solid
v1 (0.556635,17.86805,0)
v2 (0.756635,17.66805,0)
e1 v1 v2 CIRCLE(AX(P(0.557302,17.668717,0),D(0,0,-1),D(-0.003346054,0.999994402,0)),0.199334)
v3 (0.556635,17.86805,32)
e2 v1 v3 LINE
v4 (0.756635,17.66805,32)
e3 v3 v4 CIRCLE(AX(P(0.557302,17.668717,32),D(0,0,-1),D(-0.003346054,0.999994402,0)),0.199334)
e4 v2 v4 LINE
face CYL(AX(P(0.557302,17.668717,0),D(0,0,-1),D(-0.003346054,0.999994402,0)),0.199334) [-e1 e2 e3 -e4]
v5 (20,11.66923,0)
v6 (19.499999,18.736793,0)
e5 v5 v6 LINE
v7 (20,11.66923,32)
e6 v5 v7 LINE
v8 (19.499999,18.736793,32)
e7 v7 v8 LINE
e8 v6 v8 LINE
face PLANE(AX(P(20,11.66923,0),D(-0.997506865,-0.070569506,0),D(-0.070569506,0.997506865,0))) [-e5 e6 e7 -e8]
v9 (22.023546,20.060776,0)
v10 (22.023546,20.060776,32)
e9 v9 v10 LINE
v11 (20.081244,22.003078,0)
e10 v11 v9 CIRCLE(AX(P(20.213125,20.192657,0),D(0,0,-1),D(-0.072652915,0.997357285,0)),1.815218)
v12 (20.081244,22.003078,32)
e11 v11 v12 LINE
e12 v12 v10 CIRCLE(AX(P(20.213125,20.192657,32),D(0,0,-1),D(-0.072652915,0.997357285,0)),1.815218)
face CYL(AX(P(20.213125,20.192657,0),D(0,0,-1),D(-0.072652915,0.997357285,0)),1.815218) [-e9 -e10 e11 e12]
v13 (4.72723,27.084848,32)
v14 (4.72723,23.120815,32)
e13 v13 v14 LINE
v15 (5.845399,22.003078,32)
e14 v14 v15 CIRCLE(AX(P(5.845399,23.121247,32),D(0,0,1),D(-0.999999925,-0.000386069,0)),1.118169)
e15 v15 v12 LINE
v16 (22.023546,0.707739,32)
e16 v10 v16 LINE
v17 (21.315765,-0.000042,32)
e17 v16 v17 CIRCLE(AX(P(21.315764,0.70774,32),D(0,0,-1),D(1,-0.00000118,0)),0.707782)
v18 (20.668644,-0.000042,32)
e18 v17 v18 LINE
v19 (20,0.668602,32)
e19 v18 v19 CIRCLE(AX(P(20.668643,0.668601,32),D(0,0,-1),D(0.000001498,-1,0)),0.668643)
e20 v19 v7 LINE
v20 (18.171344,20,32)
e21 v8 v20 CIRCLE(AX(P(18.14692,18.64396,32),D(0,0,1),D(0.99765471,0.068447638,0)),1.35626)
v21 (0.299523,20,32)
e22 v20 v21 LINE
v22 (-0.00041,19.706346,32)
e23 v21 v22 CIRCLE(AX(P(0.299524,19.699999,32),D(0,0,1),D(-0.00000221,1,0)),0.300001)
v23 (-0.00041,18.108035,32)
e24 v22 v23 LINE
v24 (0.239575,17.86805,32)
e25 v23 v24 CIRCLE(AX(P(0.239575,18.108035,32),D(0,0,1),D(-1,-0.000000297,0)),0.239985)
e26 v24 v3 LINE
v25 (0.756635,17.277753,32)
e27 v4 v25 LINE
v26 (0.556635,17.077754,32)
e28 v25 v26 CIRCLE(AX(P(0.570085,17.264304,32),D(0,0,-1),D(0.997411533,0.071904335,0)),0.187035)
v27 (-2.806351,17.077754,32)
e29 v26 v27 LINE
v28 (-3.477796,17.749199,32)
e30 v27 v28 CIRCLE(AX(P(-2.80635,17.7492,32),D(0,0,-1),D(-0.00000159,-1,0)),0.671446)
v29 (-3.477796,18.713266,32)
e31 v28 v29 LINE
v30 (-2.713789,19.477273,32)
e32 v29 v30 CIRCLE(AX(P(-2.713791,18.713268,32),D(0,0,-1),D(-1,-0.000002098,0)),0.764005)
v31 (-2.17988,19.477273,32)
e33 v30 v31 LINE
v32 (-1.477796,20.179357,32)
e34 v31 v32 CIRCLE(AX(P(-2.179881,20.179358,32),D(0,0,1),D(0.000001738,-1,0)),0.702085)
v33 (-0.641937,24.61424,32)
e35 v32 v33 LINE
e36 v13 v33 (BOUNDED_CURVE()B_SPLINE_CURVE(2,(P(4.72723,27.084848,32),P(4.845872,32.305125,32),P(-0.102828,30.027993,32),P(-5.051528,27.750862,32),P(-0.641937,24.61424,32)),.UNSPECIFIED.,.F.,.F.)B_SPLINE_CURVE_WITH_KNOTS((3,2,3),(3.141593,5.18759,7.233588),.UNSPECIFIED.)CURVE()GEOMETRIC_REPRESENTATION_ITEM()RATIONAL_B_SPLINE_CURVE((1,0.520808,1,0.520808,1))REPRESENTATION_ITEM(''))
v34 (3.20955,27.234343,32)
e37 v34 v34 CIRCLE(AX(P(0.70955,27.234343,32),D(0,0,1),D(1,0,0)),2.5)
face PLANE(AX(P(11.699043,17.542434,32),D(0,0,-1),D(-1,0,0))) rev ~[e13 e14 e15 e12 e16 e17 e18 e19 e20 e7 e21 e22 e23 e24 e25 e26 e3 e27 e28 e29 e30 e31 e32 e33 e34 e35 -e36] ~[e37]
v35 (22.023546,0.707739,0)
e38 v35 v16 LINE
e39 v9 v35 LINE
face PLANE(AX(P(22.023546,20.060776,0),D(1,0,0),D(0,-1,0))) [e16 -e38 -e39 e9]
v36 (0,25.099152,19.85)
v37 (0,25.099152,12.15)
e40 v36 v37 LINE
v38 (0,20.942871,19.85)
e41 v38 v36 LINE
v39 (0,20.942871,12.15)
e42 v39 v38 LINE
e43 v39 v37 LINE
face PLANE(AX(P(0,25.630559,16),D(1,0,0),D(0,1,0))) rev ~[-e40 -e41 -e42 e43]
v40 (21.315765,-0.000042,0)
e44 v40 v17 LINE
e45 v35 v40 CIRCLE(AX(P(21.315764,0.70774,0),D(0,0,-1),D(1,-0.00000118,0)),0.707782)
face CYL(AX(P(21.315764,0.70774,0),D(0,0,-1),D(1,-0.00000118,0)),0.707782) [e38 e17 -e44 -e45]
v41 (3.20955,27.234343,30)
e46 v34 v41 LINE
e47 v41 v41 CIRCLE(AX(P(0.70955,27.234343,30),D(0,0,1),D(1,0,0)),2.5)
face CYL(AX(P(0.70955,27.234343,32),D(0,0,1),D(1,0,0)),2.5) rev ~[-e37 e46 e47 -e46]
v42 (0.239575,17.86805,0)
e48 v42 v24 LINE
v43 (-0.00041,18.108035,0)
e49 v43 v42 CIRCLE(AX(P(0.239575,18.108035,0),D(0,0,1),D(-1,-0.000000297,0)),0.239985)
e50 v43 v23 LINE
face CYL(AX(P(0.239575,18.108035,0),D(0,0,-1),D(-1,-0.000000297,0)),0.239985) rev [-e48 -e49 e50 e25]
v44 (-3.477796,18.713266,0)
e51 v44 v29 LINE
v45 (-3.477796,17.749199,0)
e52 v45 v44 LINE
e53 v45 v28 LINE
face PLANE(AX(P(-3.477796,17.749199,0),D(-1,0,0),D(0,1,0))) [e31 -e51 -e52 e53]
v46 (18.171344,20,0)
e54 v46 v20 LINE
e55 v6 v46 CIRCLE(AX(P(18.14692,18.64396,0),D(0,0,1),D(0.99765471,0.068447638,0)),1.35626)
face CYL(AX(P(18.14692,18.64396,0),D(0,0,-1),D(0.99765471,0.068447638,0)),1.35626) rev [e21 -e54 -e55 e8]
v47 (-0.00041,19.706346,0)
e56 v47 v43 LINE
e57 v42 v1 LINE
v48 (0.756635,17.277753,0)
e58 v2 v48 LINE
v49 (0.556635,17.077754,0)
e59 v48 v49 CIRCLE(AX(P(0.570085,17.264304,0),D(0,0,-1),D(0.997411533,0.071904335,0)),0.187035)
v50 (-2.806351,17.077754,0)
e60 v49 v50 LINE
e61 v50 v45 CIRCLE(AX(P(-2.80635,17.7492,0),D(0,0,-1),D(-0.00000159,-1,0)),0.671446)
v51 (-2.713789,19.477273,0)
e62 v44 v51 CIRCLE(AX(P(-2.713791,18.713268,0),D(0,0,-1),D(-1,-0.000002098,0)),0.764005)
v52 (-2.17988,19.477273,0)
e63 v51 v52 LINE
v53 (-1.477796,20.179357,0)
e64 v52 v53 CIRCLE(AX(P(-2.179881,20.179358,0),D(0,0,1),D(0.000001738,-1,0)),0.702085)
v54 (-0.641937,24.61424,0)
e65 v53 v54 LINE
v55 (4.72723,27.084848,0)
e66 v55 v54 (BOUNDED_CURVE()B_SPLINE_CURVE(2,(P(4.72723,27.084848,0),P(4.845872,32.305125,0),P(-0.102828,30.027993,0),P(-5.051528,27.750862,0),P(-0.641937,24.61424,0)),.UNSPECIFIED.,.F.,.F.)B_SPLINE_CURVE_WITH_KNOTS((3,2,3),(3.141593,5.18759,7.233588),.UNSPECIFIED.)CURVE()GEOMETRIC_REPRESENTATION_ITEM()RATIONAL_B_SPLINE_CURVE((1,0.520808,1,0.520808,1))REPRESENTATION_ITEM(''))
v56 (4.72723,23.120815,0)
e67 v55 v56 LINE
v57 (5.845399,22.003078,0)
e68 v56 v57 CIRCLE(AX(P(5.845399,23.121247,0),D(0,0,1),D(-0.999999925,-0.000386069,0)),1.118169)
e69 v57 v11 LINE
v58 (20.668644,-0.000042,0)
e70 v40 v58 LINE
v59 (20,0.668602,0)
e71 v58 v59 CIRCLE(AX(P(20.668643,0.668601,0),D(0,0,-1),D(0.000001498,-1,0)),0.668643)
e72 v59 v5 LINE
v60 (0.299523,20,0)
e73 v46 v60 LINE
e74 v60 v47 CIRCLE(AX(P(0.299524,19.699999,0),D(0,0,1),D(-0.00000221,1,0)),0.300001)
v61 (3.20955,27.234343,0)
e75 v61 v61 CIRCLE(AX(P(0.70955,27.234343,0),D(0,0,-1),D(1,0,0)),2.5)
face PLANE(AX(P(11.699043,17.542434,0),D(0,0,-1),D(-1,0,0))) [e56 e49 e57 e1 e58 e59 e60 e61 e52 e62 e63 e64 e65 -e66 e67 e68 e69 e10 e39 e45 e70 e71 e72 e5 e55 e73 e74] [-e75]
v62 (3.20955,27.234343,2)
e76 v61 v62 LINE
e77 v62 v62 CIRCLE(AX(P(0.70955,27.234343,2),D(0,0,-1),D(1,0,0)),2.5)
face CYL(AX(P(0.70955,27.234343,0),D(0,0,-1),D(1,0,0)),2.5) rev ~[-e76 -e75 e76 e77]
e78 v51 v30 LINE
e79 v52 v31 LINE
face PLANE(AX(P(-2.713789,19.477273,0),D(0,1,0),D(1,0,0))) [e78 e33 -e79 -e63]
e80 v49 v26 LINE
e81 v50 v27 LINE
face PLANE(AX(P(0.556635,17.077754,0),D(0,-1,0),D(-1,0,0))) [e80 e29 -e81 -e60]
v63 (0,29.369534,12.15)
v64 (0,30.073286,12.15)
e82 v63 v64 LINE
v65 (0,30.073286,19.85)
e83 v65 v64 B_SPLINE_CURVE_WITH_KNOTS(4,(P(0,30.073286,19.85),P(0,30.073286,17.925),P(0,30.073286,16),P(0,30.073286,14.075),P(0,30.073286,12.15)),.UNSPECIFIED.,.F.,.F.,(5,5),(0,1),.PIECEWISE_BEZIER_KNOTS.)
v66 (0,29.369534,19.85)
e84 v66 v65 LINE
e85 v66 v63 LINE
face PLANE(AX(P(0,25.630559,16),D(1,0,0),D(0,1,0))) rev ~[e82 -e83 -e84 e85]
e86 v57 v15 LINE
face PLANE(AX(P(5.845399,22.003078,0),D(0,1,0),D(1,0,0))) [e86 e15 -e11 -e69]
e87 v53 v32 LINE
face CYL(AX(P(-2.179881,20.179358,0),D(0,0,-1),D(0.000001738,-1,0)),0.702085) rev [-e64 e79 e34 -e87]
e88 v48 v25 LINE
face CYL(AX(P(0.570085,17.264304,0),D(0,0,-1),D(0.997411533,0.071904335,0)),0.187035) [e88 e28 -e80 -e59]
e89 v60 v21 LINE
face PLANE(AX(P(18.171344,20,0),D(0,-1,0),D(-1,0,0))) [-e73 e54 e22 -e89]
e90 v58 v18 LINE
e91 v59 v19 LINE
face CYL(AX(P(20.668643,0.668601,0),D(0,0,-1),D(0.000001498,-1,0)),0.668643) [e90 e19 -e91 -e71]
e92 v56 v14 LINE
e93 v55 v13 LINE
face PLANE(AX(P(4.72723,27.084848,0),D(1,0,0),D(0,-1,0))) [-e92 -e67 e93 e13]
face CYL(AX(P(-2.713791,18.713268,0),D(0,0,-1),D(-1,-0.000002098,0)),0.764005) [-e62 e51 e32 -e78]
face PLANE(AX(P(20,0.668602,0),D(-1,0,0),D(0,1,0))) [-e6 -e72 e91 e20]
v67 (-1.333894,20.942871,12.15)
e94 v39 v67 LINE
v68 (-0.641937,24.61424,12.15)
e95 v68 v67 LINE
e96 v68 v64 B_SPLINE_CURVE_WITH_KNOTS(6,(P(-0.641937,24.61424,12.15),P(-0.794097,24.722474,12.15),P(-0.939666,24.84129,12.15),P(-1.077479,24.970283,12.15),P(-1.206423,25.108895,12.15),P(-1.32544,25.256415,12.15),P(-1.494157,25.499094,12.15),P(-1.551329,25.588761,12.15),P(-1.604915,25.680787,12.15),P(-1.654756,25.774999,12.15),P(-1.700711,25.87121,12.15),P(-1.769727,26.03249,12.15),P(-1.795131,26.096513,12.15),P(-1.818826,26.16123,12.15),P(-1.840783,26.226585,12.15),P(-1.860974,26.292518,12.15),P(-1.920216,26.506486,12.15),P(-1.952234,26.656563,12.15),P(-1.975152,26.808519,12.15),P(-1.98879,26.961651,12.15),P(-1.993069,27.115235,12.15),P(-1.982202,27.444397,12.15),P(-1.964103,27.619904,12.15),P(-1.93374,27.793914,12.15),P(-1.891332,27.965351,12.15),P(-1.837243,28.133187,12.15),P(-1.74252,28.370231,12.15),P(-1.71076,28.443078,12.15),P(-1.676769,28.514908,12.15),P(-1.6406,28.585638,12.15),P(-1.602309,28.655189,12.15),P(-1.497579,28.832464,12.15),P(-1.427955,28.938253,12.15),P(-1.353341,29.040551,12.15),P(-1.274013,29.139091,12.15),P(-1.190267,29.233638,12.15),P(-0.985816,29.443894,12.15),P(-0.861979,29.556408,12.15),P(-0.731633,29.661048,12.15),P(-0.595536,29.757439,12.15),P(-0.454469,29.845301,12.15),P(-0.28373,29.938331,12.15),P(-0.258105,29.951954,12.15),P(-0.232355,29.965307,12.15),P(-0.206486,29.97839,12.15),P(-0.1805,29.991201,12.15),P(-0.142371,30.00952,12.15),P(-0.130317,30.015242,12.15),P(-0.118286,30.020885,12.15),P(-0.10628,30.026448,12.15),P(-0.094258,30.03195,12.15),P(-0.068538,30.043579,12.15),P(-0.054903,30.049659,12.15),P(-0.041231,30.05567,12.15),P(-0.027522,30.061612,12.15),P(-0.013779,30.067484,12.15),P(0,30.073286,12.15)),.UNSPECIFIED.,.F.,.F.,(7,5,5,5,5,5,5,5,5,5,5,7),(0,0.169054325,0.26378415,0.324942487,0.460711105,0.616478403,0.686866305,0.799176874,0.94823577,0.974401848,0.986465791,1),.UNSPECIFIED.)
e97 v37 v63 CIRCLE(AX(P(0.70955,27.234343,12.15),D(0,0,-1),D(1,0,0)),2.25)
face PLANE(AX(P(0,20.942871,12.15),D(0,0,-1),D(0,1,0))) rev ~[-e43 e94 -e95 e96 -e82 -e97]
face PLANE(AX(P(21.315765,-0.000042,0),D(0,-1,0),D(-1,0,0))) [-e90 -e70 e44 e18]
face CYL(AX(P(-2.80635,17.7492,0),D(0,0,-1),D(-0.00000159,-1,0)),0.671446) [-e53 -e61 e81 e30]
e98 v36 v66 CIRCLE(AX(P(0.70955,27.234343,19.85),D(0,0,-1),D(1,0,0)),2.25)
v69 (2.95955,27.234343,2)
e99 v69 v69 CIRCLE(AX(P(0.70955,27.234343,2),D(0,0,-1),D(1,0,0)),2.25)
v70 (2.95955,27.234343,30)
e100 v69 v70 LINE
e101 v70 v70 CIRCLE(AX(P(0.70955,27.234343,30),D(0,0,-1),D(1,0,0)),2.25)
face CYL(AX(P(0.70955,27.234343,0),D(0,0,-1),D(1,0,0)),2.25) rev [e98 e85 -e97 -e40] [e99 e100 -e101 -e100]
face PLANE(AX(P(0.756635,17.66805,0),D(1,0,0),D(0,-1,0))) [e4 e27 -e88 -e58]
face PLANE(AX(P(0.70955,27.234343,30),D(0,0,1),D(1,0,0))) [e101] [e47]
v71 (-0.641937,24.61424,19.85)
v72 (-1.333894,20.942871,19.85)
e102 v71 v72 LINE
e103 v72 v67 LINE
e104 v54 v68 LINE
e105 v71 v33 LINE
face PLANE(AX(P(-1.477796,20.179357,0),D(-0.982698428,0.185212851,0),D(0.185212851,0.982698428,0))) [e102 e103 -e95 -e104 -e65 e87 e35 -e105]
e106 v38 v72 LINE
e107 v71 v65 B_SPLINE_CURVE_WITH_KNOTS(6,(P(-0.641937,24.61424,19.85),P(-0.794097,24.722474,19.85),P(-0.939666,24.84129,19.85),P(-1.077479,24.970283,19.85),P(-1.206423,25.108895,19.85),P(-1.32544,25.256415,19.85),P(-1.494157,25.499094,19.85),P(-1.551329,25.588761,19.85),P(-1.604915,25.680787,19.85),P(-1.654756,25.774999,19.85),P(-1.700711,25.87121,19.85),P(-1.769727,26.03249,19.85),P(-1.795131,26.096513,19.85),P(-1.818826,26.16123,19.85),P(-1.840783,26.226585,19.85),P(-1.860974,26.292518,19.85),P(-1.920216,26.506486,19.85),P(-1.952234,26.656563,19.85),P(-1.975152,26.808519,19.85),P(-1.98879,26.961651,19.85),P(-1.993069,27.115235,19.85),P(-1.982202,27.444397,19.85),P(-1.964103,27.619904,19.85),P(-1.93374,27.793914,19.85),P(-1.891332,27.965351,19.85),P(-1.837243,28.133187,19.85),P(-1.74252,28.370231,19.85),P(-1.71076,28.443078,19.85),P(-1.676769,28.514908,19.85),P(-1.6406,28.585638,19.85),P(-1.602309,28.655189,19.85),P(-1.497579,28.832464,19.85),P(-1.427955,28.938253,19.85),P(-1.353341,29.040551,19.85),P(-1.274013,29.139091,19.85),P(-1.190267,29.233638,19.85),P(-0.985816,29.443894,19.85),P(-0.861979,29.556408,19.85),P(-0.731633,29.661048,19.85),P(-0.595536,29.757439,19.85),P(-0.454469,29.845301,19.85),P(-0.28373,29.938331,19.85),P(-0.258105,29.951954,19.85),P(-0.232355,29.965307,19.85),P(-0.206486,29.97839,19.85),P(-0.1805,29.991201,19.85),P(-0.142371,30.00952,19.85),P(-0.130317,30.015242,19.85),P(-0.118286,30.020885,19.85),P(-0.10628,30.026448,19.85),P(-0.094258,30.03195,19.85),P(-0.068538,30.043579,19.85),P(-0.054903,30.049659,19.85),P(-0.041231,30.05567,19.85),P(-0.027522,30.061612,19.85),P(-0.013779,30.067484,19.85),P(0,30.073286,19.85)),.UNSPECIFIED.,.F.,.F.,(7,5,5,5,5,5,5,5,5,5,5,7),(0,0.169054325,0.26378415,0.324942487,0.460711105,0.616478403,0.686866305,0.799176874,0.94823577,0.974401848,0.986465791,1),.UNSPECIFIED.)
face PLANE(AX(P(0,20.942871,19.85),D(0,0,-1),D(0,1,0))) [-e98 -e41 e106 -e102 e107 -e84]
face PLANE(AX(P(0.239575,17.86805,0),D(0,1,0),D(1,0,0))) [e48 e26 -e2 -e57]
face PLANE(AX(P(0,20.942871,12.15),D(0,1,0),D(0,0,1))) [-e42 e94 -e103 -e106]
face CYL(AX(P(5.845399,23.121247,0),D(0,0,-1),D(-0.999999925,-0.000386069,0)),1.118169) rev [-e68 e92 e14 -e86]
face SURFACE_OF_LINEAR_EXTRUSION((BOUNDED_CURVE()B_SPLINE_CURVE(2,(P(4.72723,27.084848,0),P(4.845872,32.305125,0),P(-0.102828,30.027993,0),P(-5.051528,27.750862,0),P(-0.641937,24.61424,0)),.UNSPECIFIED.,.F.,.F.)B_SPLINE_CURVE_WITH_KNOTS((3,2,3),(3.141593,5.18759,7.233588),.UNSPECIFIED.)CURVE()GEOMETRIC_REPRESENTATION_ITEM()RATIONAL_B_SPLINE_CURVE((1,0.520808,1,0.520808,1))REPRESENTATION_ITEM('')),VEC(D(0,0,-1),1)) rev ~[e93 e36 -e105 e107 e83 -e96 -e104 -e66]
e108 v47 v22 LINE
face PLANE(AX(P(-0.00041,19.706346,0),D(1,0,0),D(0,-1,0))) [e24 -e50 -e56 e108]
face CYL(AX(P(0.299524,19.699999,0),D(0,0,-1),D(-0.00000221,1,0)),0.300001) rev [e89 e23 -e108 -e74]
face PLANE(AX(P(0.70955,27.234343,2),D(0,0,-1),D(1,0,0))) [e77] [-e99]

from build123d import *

# Parameters (mm, degrees)
SKETCH_R        = 2.25
PAD_DEPTH       = 32
SKETCH005_W     = 9.375375
SKETCH005_H     = 7.7
POCKET003_DEPTH = 9
SKETCH006_R     = 2.5
POCKET_DEPTH    = 2
SKETCH007_R     = 2.5
POCKET004_DEPTH = 2


with BuildPart() as part:
    # Sketch → Pad (new body)
    with BuildSketch(Plane.XY):
        with BuildLine():
            Line((21.315765, -4.2e-05), (20.668644, -4.2e-05))
            ThreePointArc((20.668644, -4.2e-05), (20.195841, 0.195799), (20, 0.668602))
            Line((20, 0.668602), (20, 11.66923))
            Line((20, 11.66923), (19.499999, 18.736793))
            ThreePointArc((19.499999, 18.736793), (19.081426, 19.626884), (18.171344, 20))
            Line((18.171344, 20), (0.299523, 20))
            ThreePointArc((0.299523, 20), (0.089647, 19.914364), (-0.00041, 19.706346))
            Line((-0.00041, 19.706346), (-0.00041, 18.108035))
            ThreePointArc((-0.00041, 18.108035), (0.06988, 17.93834), (0.239575, 17.86805))
            Line((0.239575, 17.86805), (0.556635, 17.86805))
            ThreePointArc((0.556635, 17.86805), (0.698252, 17.809668), (0.756635, 17.66805))
            Line((0.756635, 17.66805), (0.756635, 17.277753))
            ThreePointArc((0.756635, 17.277753), (0.702338, 17.132051), (0.556635, 17.077754))
            Line((0.556635, 17.077754), (-2.806351, 17.077754))
            ThreePointArc((-2.806351, 17.077754), (-3.281134, 17.274416), (-3.477796, 17.749199))
            Line((-3.477796, 17.749199), (-3.477796, 18.713266))
            ThreePointArc((-3.477796, 18.713266), (-3.254024, 19.253501), (-2.713789, 19.477273))
            Line((-2.713789, 19.477273), (-2.17988, 19.477273))
            ThreePointArc((-2.17988, 19.477273), (-1.683432, 19.682909), (-1.477796, 20.179357))
            Line((-1.477796, 20.179357), (-0.641937, 24.61424))
            add(Edge.make_bspline(
                [(4.72723, 27.084848), (4.845872, 32.305125), (-0.102828, 30.027993), (-5.051528, 27.750862), (-0.641937, 24.61424)],
                knots=[3.141593, 3.141593, 3.141593, 5.18759, 5.18759, 7.233588, 7.233588, 7.233588], degree=2, weights=[1, 0.520808, 1, 0.520808, 1]))
            Line((4.72723, 27.084848), (4.72723, 23.120815))
            ThreePointArc((4.72723, 23.120815), (5.054887, 22.330429), (5.845399, 22.003078))
            Line((5.845399, 22.003078), (20.081244, 22.003078))
            ThreePointArc((20.081244, 22.003078), (21.496678, 21.47621), (22.023546, 20.060776))
            Line((22.023546, 20.060776), (22.023546, 0.707739))
            ThreePointArc((22.023546, 0.707739), (21.816242, 0.207263), (21.315765, -4.2e-05))
        make_face()
        with Locations((0.70955, 27.234343)):
            Circle(SKETCH_R, mode=Mode.SUBTRACT)
    extrude(amount=PAD_DEPTH)

    # Sketch005 → Pocket003 (cut)
    with BuildSketch(Plane.YZ):
        with Locations((25.630559, 16)):
            Rectangle(SKETCH005_W, SKETCH005_H)
    extrude(amount=-POCKET003_DEPTH, mode=Mode.SUBTRACT)

    # Sketch006 (on Face5 of Pocket003) → Pocket (cut)
    with BuildSketch(Plane.XY.offset(32)):
        with Locations((0.70955, 27.234343)):
            Circle(SKETCH006_R)
    extrude(amount=-POCKET_DEPTH, mode=Mode.SUBTRACT)

    # Sketch007 (on Face4 of Pocket003) → Pocket004 (cut)
    with BuildSketch(Plane(origin=(0, 0, 0), x_dir=(1, 0, 0), z_dir=(0, 0, -1))):
        with Locations((0.70955, -27.234343)):
            Circle(SKETCH007_R)
    extrude(amount=-POCKET004_DEPTH, mode=Mode.SUBTRACT)


solid = part.part
